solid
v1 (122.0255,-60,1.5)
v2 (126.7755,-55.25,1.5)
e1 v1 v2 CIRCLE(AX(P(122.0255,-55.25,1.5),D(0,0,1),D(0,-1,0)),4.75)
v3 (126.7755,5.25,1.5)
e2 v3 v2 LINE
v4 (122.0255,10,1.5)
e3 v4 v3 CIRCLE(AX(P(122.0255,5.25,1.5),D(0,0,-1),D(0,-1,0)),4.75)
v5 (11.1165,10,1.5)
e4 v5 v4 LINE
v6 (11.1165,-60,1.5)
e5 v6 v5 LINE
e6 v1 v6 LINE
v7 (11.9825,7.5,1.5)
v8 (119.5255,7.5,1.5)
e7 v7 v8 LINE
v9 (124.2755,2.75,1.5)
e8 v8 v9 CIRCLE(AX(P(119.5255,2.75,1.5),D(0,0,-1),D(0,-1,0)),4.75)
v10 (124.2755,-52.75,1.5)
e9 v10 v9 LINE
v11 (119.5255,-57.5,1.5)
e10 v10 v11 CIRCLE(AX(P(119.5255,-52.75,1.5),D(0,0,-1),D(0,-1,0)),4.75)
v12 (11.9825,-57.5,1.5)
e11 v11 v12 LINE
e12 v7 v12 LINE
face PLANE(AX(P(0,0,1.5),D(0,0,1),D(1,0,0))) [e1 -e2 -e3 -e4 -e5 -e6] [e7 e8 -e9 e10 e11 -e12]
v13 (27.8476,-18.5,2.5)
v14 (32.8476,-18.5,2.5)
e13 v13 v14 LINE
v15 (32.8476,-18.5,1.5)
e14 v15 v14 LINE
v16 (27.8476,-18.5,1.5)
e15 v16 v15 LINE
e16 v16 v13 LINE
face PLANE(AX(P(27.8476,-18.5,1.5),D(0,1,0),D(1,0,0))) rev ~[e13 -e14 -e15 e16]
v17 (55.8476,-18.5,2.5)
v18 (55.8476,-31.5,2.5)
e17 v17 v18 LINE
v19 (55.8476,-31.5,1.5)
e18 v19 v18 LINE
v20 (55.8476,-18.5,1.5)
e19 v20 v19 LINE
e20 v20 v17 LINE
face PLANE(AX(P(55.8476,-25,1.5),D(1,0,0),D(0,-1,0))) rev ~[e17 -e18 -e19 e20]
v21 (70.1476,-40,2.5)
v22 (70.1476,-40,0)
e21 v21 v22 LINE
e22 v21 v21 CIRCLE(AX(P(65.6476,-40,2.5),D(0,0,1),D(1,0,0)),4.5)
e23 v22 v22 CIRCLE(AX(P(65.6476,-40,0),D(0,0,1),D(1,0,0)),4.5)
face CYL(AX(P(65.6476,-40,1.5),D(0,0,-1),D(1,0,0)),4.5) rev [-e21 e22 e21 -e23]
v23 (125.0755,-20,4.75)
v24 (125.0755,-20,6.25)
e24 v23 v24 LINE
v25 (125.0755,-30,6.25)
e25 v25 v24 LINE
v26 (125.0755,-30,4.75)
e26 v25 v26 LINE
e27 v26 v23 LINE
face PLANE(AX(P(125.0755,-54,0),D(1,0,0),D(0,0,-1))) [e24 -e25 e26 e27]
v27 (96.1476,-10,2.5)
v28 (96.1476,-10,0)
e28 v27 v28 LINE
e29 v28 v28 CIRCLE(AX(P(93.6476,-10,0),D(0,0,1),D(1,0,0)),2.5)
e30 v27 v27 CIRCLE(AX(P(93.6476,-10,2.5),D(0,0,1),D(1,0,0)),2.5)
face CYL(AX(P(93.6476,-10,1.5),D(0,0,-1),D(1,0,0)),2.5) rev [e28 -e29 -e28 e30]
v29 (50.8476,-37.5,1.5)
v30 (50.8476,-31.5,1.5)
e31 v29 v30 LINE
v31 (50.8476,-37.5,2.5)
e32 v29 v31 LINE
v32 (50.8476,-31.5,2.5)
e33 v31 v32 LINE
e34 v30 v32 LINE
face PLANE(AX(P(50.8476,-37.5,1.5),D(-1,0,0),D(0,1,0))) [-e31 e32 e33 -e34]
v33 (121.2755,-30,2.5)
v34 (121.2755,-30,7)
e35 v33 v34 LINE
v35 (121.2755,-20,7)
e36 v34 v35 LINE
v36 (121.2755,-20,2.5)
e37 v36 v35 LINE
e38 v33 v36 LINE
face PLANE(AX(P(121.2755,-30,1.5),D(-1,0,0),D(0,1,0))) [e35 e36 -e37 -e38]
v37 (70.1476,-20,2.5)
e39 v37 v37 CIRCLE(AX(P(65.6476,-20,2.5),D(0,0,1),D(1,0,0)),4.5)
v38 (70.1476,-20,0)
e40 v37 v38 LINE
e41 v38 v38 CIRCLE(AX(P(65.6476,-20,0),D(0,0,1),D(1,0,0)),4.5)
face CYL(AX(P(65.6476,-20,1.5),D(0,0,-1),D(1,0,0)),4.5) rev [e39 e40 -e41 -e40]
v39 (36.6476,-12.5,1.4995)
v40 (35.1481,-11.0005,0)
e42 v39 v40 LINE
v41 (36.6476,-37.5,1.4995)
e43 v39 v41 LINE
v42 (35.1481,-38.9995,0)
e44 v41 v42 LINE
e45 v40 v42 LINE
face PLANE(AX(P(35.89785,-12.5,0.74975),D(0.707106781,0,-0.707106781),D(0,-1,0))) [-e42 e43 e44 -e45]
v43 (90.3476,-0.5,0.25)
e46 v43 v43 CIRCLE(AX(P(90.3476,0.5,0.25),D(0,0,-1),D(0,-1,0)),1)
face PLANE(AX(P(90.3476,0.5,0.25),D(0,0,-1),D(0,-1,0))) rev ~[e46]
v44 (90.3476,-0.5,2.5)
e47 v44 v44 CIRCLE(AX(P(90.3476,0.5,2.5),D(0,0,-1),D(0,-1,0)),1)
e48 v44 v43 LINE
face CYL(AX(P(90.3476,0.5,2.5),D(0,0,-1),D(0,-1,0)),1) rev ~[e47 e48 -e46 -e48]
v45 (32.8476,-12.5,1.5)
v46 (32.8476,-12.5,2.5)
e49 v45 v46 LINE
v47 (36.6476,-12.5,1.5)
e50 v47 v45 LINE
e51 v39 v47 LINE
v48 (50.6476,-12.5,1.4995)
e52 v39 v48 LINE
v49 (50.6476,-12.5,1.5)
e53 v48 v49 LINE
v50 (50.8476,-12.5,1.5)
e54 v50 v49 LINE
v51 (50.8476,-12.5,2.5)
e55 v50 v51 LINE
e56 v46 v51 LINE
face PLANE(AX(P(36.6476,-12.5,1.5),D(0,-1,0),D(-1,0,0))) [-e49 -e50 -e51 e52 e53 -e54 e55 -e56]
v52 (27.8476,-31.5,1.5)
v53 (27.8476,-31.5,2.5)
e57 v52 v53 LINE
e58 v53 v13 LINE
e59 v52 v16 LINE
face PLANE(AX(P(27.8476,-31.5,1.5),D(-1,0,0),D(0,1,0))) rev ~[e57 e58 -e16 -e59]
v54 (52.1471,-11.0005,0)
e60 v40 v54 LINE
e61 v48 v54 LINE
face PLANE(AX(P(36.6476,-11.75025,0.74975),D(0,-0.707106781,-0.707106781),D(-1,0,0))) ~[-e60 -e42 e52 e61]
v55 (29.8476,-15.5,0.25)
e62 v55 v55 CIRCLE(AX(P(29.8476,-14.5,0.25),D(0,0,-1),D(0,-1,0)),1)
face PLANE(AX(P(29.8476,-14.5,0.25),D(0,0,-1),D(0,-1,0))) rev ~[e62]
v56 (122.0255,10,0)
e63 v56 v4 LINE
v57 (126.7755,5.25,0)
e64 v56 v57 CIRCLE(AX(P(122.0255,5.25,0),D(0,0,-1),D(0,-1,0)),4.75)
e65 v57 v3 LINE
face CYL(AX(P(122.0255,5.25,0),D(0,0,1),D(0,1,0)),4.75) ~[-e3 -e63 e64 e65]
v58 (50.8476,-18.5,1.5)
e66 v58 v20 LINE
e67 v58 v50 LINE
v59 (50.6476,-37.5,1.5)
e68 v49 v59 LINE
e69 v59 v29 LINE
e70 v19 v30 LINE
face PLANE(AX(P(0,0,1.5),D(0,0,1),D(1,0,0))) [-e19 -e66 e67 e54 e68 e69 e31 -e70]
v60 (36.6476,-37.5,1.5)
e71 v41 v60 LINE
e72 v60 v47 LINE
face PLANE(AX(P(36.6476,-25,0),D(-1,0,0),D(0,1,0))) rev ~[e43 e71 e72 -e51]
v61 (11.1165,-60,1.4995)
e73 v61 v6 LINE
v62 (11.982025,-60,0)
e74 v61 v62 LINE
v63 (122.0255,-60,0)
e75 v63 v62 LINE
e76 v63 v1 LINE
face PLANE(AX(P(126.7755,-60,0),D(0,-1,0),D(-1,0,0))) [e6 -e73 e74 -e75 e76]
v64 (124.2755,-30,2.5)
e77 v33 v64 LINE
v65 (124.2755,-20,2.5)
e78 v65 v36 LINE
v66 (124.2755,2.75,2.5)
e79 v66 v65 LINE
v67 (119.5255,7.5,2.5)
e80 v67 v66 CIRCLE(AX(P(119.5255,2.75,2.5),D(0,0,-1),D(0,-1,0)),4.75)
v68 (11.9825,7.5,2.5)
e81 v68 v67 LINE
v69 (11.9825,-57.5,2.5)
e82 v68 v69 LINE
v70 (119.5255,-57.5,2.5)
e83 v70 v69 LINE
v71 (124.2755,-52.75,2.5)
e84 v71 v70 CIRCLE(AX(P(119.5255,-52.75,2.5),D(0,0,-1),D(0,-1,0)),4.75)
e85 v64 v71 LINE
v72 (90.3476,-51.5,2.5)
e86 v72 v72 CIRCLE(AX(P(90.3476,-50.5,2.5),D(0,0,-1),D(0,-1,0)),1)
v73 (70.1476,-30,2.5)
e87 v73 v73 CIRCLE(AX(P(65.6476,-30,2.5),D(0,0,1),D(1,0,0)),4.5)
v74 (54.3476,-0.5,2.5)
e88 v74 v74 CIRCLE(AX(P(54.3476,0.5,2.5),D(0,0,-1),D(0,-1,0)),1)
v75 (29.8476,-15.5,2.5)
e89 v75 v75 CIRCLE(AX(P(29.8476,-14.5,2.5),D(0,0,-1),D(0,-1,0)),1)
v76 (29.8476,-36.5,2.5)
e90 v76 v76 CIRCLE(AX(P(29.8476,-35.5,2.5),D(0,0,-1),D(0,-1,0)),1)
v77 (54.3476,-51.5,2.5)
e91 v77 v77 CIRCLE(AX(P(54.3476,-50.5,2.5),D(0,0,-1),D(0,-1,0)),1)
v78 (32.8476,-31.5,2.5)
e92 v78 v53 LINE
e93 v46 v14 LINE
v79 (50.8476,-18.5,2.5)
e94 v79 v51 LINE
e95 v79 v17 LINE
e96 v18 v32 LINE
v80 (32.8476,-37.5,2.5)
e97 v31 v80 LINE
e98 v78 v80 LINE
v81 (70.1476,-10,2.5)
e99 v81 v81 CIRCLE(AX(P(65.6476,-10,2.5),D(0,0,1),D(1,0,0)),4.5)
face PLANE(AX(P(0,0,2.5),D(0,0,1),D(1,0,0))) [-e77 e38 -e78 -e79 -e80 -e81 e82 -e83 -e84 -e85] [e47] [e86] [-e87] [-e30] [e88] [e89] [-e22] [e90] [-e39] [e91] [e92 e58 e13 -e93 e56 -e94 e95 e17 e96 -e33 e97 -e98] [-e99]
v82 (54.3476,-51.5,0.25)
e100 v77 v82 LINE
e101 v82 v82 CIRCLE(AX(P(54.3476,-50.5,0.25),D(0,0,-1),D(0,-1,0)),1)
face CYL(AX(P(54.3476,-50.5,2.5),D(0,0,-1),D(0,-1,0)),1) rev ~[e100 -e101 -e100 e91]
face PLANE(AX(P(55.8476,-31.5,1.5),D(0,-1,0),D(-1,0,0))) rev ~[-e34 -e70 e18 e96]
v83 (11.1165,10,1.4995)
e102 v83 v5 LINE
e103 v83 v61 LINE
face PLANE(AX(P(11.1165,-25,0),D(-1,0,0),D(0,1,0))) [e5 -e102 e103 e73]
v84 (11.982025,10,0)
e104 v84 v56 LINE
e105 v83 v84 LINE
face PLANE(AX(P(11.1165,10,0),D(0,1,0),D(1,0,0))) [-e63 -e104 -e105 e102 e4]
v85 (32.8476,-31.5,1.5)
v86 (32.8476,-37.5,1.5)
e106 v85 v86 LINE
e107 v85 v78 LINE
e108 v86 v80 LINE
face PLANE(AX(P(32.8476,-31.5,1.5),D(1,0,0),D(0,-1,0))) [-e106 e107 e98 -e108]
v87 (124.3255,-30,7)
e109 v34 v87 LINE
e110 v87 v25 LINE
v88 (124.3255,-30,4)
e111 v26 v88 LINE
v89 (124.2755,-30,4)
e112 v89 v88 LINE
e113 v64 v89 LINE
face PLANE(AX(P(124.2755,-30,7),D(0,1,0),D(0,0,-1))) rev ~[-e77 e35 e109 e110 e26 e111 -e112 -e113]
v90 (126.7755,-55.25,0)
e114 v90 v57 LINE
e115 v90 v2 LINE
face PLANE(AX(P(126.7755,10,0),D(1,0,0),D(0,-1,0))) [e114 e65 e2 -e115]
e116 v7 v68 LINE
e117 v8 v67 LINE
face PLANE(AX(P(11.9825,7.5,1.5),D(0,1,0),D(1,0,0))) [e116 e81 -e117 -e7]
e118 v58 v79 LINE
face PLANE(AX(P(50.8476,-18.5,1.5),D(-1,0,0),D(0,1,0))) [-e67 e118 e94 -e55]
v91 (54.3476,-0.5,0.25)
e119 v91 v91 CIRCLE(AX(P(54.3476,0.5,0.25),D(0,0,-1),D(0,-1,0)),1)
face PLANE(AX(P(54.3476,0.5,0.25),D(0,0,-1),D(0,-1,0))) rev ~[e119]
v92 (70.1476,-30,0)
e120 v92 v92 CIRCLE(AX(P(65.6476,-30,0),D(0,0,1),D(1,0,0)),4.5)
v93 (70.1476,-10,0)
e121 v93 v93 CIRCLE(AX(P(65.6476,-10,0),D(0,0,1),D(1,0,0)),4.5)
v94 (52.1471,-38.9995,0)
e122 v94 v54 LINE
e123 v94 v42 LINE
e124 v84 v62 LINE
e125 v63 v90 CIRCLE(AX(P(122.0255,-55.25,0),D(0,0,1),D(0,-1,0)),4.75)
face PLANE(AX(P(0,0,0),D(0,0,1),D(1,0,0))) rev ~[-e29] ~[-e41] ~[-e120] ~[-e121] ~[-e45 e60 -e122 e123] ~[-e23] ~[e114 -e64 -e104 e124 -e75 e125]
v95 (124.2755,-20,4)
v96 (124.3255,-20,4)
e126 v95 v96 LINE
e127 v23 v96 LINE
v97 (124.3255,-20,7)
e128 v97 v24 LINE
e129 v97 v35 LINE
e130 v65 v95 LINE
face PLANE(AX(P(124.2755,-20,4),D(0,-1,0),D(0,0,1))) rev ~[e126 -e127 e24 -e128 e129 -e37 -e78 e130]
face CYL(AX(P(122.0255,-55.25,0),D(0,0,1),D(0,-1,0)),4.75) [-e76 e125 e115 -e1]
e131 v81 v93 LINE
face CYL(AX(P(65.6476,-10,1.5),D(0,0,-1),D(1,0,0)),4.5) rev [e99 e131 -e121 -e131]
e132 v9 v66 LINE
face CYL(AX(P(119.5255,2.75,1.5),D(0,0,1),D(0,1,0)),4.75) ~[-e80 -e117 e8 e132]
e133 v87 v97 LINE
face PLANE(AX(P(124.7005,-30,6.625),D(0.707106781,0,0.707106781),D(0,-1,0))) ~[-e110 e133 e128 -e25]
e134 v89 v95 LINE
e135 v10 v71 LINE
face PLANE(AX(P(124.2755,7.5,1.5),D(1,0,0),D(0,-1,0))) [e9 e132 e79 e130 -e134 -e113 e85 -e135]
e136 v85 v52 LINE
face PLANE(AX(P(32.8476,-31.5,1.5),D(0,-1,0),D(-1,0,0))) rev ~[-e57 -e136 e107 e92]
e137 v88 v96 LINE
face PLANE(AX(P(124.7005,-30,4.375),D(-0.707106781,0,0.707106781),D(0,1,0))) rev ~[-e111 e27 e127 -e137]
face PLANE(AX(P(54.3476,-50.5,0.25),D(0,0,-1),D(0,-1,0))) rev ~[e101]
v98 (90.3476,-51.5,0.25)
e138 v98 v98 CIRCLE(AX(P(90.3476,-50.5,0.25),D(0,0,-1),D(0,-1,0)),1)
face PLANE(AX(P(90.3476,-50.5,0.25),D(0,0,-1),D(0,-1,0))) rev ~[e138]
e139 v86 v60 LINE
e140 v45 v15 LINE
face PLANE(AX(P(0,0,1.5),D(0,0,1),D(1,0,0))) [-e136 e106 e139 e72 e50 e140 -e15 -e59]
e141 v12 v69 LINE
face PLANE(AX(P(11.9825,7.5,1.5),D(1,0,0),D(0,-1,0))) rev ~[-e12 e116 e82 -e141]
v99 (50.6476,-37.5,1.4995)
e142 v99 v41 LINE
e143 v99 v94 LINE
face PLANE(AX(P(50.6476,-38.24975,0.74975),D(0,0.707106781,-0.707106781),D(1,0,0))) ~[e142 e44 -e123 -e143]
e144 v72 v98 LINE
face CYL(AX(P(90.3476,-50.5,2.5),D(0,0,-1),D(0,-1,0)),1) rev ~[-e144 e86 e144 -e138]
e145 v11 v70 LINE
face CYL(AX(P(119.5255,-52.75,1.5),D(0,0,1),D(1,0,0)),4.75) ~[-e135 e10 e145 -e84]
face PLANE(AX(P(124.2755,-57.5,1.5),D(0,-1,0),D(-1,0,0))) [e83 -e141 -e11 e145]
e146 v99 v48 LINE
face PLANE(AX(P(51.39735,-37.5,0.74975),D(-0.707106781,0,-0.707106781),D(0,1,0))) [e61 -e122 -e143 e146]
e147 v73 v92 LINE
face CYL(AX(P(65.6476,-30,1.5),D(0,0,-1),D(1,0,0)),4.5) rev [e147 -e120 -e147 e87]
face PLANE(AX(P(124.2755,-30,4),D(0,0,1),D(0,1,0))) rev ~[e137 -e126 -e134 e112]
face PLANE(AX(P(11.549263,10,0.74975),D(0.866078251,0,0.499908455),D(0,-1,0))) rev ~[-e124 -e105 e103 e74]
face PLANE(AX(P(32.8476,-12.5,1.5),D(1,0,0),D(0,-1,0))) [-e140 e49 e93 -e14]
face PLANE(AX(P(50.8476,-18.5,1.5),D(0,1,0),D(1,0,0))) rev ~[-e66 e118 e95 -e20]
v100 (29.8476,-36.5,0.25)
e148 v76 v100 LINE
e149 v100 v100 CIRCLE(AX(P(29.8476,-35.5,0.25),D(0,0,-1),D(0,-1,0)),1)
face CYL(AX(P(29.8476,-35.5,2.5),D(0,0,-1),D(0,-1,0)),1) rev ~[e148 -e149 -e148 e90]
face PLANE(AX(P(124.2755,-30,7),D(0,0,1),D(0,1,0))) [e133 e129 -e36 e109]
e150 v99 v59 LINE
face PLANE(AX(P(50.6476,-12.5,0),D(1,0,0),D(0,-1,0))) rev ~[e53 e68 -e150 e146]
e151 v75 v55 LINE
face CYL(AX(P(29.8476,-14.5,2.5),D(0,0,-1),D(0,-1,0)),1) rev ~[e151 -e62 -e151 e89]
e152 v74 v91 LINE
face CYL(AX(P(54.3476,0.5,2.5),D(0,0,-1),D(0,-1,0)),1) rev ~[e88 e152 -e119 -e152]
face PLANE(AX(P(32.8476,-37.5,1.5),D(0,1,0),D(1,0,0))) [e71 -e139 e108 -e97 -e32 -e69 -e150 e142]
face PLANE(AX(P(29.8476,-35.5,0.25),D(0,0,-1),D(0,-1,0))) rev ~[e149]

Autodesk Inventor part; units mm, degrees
ref_plane "YZ Plane" through (0, 0, 0) normal (1, 0, 0) x (0, 1, 0)
ref_plane "XZ Plane" through (0, 0, 0) normal (0, 1, 0) x (-1, 0, 0)
ref_plane "XY Plane" through (0, 0, 0) normal (0, 0, 1) x (1, 0, 0)
sketch "Skizze1" plane through (0, 0, 0) normal (0, 0, 1) x (1, 0, 0)
  line L0 (11.1165, 10) -> (126.7755, 10)
  line L1 (126.7755, 10) -> (126.7755, -60)
  line L2 (126.7755, -60) -> (11.1165, -60)
  line L3 (11.1165, -60) -> (11.1165, 10)
  line L4 (36.6476, -12.5) -> (50.6476, -12.5)
  line L5 (50.6476, -12.5) -> (50.6476, -37.5)
  line L6 (50.6476, -37.5) -> (36.6476, -37.5)
  line L7 (36.6476, -37.5) -> (36.6476, -12.5)
  line L8 (126.7755, -25) -> (11.1165, -25)
  line L9 (126.7755, -36.2282) -> (128.5882, -36.2282)
  line L10 (128.5882, -36.2282) -> (128.5882, -13.7718)
  line L11 (128.5882, -13.7718) -> (126.7755, -13.7718)
  line L12 (126.7755, -13.7718) -> (126.7755, -36.2282)
  circle A0 centre (65.6476, -10) radius 4.5
  circle A1 centre (65.6476, -20) radius 4.5
  circle A2 centre (65.6476, -30) radius 4.5
  circle A3 centre (65.6476, -40) radius 4.5
  circle A4 centre (93.6476, -10) radius 2.5
  point P0 (0, 0)
  dimension "d0" = 115.659
  dimension "d1" = 70
  dimension "d2" = 25
  dimension "d3" = 14
  dimension "d65" = 9
  dimension "d66" = 9
  dimension "d67" = 9
  dimension "d68" = 9
  dimension "d69" = 10
  dimension "d70" = 10
  dimension "d71" = 10
  dimension "d73" = 10
  dimension "d74" = 15
  dimension "d75" = 25.5312
  dimension "d76" = 22.5
  dimension "d77" = 5
  dimension "d79" = 28
extrude "Extrusion1" add sketch "Skizze1" along normal blind 1.5 contours L0 L1 L8 L5 L4 L7 L3 | L8 L7 L6 L5 L1 L2 L3
sketch "Skizze2" plane through (0, 0, 1.5) normal (0, 0, 1) x (1, 0, 0)
  point P0 (0, 0)
sketch "Skizze3" plane through (0, 0, 1.5) normal (0, 0, 1) x (1, 0, 0)
  line L0 (126.7755, -60) -> (126.7755, 10)
  line L1 (124.2755, -30) -> (121.2755, -30)
  line L2 (121.2755, -30) -> (121.2755, -20)
  line L3 (121.2755, -20) -> (124.2755, -20)
  line L4 (124.2755, -20) -> (124.2755, -30)
  line L5 (126.7755, -25) -> (117.2329, -25)
  line L6 (135, -36) -> (135, -24)
  line L7 (11.1165, -60) -> (126.7755, -60) projected
  line L8 (126.7755, 10) -> (11.1165, 10) projected
  point P0 (0, 0)
  dimension "d6" = 10
  dimension "d62" = 2.5
  dimension "d63" = 3
extrude "Extrusion2" add sketch "Skizze3" along normal blind 5.5
sketch "Skizze4" plane through (124.2755, -54, 0) normal (1, 0, 0) x (0, 0, -1)
  line L0 (-7, 24) -> (-7, 36) projected
  line L1 (-1.5, 34) -> (-7, 34) projected
  line L2 (-7, 24) -> (-4, 24)
  line L3 (-4, 24) -> (-4, 34)
  line L4 (-4, 34) -> (-7, 34)
  line L5 (-7, 34) -> (-7, 24)
  line L6 (-1.5, -6) -> (-1.5, 64) projected
  point P0 (0, 54)
  point P1 (-1.5, 24)
  point P2 (-7, 34)
  dimension "d9" = 2.5
extrude "Extrusion3" add sketch "Skizze4" along normal blind 0.8
chamfer "Fase1" distance 0.75 angle 45 2 edges at (125.0755, -25, 7) (125.0755, -25, 4)
chamfer "Fase2" distance 1.5 angle 45 4 edges at (36.6476, -25, 0) (43.6476, -12.5, 0) (50.6476, -25, 0) (43.6476, -37.5, 0)
chamfer "Fase3" distance 1.5 angle 30 1 edges at (11.1165, -25, 0) measured on face at (11.1165, -13.3333, 0.5)
sketch "Skizze5" plane through (0, 0, 1.5) normal (0, 0, 1) x (1, 0, 0)
  line L0 (11.9825, 10) -> (11.9825, -60)
  line L1 (11.9825, 7.5) -> (124.2755, 7.5)
  line L2 (124.2755, 7.5) -> (124.2755, -57.5)
  line L3 (124.2755, -57.5) -> (11.9825, -57.5)
  line L4 (11.9825, -57.5) -> (11.9825, 7.5)
  line L5 (126.7755, -60) -> (126.7755, 10) projected
  line L6 (126.7755, 10) -> (11.1165, 10) projected
  line L7 (11.1165, 10) -> (11.1165, -60) projected
  line L8 (11.1165, -60) -> (126.7755, -60) projected
  line L9 (27.8476, -18.5) -> (55.8476, -18.5)
  line L10 (55.8476, -18.5) -> (55.8476, -31.5)
  line L11 (55.8476, -31.5) -> (27.8476, -31.5)
  line L12 (27.8476, -31.5) -> (27.8476, -18.5)
  line L13 (36.6476, -37.5) -> (36.6476, -12.5) projected
  line L14 (36.6476, -12.5) -> (50.6476, -12.5) projected
  line L15 (58.8722, -25) -> (36.6476, -25)
  line L16 (36.6476, -37.5) -> (50.6476, -37.5)
  line L17 (32.8476, -37.5) -> (50.8476, -37.5)
  line L18 (50.8476, -37.5) -> (50.8476, -12.5)
  line L19 (50.8476, -12.5) -> (32.8476, -12.5)
  line L20 (32.8476, -12.5) -> (32.8476, -37.5)
  line L21 (50.6476, -37.5) -> (36.6476, -37.5) projected
  line L22 (50.6476, -12.5) -> (50.6476, -37.5) projected
  circle A0 centre (93.6476, -10) radius 2.5 projected
  circle A1 centre (65.6476, -10) radius 4.5 projected
  circle A2 centre (65.6476, -20) radius 4.5 projected
  circle A3 centre (65.6476, -30) radius 4.5 projected
  circle A4 centre (65.6476, -40) radius 4.5 projected
  point P0 (0, 0)
  point P1 (135, -24)
  point P2 (36.6476, -18.5)
  point P3 (36.6476, -31.5)
  point P4 (50.8476, -31.5)
  point P5 (50.6476, -37.5)
  point P6 (36.6476, -37.5)
  point P7 (32.8476, -31.5)
  point P8 (32.8476, -18.5)
  point P9 (36.6476, -12.5)
  point P10 (50.6476, -12.5)
  point P11 (50.8476, -18.5)
  point P12 (126.7755, -13.7718)
  dimension "d21" = 2.5
  dimension "d22" = 2.5
  dimension "d24" = 2.5
  dimension "d25" = 0.866
  dimension "d26" = 28
  dimension "d27" = 13
  dimension "d28" = 8.8
  dimension "d60" = 5
  dimension "d61" = 5
  dimension "d64" = 5.2
extrude "Extrusion5" add sketch "Skizze5" along normal blind 1 contours L1 L2 L3 L0
sketch "Skizze6" plane through (0, 0, 2.5) normal (0, 0, 1) x (1, 0, 0)
  line L0 (27.8476, -31.5) -> (27.8476, -18.5) projected
  line L1 (55.8476, -18.5) -> (55.8476, -31.5) projected
  line L2 (36.6476, -12.5) -> (50.6476, -12.5) projected
  line L3 (50.6476, -37.5) -> (36.6476, -37.5) projected
  point P0 (0, 0)
  point P1 (29.8476, -35.5)
  point P2 (29.8476, -14.5)
  point P3 (54.3476, -50.5)
  point P4 (54.3476, 0.5)
  point P5 (90.3476, -50.5)
  point P6 (90.3476, 0.5)
  dimension "d36" = 2
  dimension "d37" = 2
  dimension "d38" = 1.5
  dimension "d39" = 1.5
  dimension "d42" = 2
  dimension "d80" = 13
  dimension "d81" = 13
  dimension "d82" = 2
  dimension "d83" = 36
  dimension "d84" = 36
hole "Bohrung1" at (29.8476, -35.5, 2.5) at (29.8476, -14.5, 2.5) at (54.3476, -50.5, 2.5) at (54.3476, 0.5, 2.5) at (90.3476, -50.5, 2.5) at (90.3476, 0.5, 2.5) direction (0, 0, -1) diameter 2 depth 2.25
fillet "Rundung1" radius 4.75 4 edges at (126.7755, 10, 0.75) (126.7755, -60, 0.75) (124.2755, -57.5, 2) (124.2755, 7.5, 2)
properties part number "Case top"
